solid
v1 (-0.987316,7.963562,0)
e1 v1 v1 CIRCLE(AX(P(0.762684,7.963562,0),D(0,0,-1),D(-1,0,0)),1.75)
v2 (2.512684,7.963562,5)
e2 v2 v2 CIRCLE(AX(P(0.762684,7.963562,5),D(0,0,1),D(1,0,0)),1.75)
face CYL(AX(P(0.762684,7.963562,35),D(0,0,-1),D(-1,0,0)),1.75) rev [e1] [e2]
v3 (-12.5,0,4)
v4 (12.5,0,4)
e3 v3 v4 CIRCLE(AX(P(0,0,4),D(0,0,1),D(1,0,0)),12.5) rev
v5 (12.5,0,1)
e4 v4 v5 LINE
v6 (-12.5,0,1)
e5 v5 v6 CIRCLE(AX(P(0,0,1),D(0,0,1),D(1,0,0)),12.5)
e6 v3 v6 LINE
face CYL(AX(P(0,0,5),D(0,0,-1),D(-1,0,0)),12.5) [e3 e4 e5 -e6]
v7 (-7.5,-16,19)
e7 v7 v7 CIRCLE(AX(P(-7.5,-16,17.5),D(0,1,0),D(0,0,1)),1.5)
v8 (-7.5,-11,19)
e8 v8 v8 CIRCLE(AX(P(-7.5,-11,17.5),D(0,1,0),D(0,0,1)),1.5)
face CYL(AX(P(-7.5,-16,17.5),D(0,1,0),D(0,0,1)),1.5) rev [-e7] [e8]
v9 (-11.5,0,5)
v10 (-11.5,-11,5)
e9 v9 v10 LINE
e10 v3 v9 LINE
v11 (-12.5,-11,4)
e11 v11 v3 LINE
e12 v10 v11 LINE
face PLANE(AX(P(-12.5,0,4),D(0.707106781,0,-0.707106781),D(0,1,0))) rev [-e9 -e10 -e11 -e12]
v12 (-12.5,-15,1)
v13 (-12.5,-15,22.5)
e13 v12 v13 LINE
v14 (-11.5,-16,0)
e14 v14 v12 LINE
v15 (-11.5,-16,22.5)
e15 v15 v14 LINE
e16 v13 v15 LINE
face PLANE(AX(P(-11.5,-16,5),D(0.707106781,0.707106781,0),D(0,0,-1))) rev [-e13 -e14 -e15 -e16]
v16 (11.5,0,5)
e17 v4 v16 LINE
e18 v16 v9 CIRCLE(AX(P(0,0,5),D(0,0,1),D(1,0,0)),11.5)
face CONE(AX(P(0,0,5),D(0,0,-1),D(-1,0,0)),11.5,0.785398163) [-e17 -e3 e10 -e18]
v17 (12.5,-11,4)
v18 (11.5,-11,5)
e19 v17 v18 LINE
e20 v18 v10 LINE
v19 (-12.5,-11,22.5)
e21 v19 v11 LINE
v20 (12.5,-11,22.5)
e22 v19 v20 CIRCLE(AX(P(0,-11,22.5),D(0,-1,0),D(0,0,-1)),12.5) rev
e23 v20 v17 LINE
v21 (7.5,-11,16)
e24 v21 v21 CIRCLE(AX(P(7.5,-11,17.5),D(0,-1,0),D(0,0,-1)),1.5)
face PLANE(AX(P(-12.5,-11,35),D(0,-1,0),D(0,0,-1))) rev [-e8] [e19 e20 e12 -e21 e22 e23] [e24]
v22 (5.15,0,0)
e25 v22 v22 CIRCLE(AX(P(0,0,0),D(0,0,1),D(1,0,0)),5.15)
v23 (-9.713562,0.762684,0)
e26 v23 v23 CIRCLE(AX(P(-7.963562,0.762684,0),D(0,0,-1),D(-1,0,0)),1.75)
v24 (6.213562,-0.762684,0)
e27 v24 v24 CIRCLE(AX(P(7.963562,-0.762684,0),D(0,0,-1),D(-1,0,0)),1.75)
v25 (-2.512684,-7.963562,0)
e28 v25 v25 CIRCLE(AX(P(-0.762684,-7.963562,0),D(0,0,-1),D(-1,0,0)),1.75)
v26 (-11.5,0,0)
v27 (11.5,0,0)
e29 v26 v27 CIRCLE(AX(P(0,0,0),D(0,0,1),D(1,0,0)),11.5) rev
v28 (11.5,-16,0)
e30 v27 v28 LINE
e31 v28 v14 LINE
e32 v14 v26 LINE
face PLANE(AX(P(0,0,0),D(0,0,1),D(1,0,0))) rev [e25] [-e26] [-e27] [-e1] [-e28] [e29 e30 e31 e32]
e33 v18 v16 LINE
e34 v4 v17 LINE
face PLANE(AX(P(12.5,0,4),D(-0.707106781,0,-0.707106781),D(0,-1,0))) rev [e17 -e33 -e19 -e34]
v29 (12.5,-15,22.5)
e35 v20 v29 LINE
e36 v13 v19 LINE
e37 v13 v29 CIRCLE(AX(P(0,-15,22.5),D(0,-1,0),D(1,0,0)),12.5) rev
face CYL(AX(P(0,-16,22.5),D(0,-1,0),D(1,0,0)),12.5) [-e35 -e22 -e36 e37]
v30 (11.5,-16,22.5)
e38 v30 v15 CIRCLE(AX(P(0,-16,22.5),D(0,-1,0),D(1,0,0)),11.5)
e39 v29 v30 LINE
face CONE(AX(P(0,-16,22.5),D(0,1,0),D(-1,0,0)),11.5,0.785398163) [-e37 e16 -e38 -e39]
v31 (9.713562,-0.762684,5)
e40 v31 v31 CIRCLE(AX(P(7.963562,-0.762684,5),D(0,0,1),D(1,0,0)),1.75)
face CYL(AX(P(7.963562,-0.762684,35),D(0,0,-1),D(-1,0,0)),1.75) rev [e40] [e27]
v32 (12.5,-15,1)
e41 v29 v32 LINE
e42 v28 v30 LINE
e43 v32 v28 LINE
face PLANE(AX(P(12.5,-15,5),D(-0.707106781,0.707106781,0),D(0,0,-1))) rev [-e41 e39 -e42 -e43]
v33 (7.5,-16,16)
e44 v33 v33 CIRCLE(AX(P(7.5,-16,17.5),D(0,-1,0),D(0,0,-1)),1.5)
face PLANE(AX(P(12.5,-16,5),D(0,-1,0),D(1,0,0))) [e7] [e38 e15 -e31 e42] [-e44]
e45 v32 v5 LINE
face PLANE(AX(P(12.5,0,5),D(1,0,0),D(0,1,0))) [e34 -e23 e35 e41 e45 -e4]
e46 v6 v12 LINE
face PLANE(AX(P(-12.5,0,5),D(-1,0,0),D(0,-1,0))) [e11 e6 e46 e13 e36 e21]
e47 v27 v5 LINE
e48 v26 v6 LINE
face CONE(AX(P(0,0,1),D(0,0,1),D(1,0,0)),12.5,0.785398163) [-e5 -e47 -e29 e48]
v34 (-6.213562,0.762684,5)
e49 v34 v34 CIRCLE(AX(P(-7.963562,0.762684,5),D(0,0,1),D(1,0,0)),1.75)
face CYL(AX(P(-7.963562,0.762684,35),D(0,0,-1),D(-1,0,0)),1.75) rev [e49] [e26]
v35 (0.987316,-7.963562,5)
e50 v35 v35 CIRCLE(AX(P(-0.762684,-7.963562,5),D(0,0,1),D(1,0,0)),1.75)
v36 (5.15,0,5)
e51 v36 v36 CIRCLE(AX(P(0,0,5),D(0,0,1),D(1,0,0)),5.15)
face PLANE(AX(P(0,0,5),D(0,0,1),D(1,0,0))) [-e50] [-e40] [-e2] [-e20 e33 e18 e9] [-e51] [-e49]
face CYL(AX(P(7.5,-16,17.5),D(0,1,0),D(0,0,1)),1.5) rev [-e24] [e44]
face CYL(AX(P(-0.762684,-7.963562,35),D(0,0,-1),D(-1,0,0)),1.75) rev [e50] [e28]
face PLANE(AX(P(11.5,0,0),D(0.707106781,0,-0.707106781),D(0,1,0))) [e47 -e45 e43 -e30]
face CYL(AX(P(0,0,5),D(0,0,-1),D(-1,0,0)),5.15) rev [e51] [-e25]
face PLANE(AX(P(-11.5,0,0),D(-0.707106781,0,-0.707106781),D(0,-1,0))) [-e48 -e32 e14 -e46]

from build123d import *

# Parameters (mm, degrees)
ESQUISSE1_R             = 12.5
ESQUISSE1_R_2           = 5.15
BOSS_EXTRU_1_DEPTH      = 5
BOSS_EXTRU_2_DEPTH      = 5
ESQUISSE3_W             = 25
ESQUISSE3_H             = 5
BOSS_EXTRU_3_DEPTH      = 30
ESQUISSE5_R             = 1.75
ENL_V_MAT_EXTRU_1_DEPTH = 41.462946012
CONG_1_RADIUS           = 12.5
CONG_1_LENGTH           = 5
ESQUISSE6_R             = 1.5
ENL_V_MAT_EXTRU_2_DEPTH = 44.971581732
CHANFREIN1_SIZE         = 1
CHANFREIN2_SIZE         = 1


with BuildPart() as part:
    # Esquisse1 → Boss.-Extru.1 (new body)
    with BuildSketch(Plane.XY):
        Circle(ESQUISSE1_R)
        Circle(ESQUISSE1_R_2, mode=Mode.SUBTRACT)
    extrude(amount=BOSS_EXTRU_1_DEPTH)

    # Esquisse2 → Boss.-Extru.2 (add)
    with BuildSketch(Plane(origin=(0, 0, 0), x_dir=(-1, 0, 0), z_dir=(0, 0, -1))):
        with BuildLine():
            Line((-12.5, 0), (-12.5, -16))
            Line((-12.5, -16), (12.5, -16))
            Line((12.5, -16), (12.5, 0))
            ThreePointArc((12.5, 0), (0, -12.5), (-12.5, 0))
        make_face()
    extrude(amount=-BOSS_EXTRU_2_DEPTH)

    # Esquisse3 → Boss.-Extru.3 (add)
    with BuildSketch(Plane.XY.offset(5)):
        with Locations((0, -13.5)):
            Rectangle(ESQUISSE3_W, ESQUISSE3_H)
    extrude(amount=BOSS_EXTRU_3_DEPTH)

    # Esquisse5 → Enlèv. mat.-Extru.1 (cut, through all)
    with BuildSketch(Plane(origin=(0, 0, 0), x_dir=(-1, 0, 0), z_dir=(0, 0, -1))):
        with Locations((-0.762684291, 7.963561557)):
            Circle(ESQUISSE5_R)
        with Locations((-7.963561557, -0.762684291)):
            Circle(ESQUISSE5_R)
        with Locations((7.963561557, 0.762684291)):
            Circle(ESQUISSE5_R)
        with Locations((0.762684291, -7.963561557)):
            Circle(ESQUISSE5_R)
    extrude(amount=-ENL_V_MAT_EXTRU_1_DEPTH, mode=Mode.SUBTRACT)

    # Congé1: full round fillet: the end face becomes a half cylinder, R = half its width
    cong_1_face = Plane((0, -13.5, 35), x_dir=(0, -1, 0), z_dir=(0, 0, 1))  # on the end face: x along it, z out of the body
    cong_1_slab = cong_1_face.offset(-CONG_1_RADIUS / 2) * Box(CONG_1_LENGTH, 2 * CONG_1_RADIUS, CONG_1_RADIUS, mode=Mode.PRIVATE)  # the body's end, R deep
    cong_1_round = Plane((0, -13.5, 22.5), x_dir=(0, 0, 1), z_dir=(0, -1, 0)) * Cylinder(CONG_1_RADIUS, CONG_1_LENGTH, mode=Mode.PRIVATE)  # its axis R under the face
    add(cong_1_slab - cong_1_round, mode=Mode.SUBTRACT)

    # Esquisse6 → Enlèv. mat.-Extru.2 (cut, through all)
    with BuildSketch(Plane(origin=(0, -11, 0), x_dir=(1, 0, 0), z_dir=(0, 1, 0))):
        with Locations(Location((-7.5, -17.5, 0), (0, 0, 270))):
            Circle(ESQUISSE6_R)
        with Locations(Location((7.5, -17.5, 0), (0, 0, 90))):
            Circle(ESQUISSE6_R)
    extrude(amount=-ENL_V_MAT_EXTRU_2_DEPTH, mode=Mode.SUBTRACT)

    # Chanfrein1
    chanfrein1_edges = [part.edges().sort_by_distance(p)[0] for p in [
        (12.5, -5.5, 5),
        (-12.5, -5.5, 5),
        (0, 12.5, 5),
    ]]
    chamfer(chanfrein1_edges, length=CHANFREIN1_SIZE)

    # Chanfrein2
    chanfrein2_edges = [part.edges().sort_by_distance(p)[0] for p in [
        (12.5, -8, 0),
        (-12.5, -8, 0),
        (0, 12.5, 0),
        (-12.5, -16, 11.25),
        (12.5, -16, 11.25),
        (0, -16, 35),
    ]]
    chamfer(chanfrein2_edges, length=CHANFREIN2_SIZE)


solid = part.part
